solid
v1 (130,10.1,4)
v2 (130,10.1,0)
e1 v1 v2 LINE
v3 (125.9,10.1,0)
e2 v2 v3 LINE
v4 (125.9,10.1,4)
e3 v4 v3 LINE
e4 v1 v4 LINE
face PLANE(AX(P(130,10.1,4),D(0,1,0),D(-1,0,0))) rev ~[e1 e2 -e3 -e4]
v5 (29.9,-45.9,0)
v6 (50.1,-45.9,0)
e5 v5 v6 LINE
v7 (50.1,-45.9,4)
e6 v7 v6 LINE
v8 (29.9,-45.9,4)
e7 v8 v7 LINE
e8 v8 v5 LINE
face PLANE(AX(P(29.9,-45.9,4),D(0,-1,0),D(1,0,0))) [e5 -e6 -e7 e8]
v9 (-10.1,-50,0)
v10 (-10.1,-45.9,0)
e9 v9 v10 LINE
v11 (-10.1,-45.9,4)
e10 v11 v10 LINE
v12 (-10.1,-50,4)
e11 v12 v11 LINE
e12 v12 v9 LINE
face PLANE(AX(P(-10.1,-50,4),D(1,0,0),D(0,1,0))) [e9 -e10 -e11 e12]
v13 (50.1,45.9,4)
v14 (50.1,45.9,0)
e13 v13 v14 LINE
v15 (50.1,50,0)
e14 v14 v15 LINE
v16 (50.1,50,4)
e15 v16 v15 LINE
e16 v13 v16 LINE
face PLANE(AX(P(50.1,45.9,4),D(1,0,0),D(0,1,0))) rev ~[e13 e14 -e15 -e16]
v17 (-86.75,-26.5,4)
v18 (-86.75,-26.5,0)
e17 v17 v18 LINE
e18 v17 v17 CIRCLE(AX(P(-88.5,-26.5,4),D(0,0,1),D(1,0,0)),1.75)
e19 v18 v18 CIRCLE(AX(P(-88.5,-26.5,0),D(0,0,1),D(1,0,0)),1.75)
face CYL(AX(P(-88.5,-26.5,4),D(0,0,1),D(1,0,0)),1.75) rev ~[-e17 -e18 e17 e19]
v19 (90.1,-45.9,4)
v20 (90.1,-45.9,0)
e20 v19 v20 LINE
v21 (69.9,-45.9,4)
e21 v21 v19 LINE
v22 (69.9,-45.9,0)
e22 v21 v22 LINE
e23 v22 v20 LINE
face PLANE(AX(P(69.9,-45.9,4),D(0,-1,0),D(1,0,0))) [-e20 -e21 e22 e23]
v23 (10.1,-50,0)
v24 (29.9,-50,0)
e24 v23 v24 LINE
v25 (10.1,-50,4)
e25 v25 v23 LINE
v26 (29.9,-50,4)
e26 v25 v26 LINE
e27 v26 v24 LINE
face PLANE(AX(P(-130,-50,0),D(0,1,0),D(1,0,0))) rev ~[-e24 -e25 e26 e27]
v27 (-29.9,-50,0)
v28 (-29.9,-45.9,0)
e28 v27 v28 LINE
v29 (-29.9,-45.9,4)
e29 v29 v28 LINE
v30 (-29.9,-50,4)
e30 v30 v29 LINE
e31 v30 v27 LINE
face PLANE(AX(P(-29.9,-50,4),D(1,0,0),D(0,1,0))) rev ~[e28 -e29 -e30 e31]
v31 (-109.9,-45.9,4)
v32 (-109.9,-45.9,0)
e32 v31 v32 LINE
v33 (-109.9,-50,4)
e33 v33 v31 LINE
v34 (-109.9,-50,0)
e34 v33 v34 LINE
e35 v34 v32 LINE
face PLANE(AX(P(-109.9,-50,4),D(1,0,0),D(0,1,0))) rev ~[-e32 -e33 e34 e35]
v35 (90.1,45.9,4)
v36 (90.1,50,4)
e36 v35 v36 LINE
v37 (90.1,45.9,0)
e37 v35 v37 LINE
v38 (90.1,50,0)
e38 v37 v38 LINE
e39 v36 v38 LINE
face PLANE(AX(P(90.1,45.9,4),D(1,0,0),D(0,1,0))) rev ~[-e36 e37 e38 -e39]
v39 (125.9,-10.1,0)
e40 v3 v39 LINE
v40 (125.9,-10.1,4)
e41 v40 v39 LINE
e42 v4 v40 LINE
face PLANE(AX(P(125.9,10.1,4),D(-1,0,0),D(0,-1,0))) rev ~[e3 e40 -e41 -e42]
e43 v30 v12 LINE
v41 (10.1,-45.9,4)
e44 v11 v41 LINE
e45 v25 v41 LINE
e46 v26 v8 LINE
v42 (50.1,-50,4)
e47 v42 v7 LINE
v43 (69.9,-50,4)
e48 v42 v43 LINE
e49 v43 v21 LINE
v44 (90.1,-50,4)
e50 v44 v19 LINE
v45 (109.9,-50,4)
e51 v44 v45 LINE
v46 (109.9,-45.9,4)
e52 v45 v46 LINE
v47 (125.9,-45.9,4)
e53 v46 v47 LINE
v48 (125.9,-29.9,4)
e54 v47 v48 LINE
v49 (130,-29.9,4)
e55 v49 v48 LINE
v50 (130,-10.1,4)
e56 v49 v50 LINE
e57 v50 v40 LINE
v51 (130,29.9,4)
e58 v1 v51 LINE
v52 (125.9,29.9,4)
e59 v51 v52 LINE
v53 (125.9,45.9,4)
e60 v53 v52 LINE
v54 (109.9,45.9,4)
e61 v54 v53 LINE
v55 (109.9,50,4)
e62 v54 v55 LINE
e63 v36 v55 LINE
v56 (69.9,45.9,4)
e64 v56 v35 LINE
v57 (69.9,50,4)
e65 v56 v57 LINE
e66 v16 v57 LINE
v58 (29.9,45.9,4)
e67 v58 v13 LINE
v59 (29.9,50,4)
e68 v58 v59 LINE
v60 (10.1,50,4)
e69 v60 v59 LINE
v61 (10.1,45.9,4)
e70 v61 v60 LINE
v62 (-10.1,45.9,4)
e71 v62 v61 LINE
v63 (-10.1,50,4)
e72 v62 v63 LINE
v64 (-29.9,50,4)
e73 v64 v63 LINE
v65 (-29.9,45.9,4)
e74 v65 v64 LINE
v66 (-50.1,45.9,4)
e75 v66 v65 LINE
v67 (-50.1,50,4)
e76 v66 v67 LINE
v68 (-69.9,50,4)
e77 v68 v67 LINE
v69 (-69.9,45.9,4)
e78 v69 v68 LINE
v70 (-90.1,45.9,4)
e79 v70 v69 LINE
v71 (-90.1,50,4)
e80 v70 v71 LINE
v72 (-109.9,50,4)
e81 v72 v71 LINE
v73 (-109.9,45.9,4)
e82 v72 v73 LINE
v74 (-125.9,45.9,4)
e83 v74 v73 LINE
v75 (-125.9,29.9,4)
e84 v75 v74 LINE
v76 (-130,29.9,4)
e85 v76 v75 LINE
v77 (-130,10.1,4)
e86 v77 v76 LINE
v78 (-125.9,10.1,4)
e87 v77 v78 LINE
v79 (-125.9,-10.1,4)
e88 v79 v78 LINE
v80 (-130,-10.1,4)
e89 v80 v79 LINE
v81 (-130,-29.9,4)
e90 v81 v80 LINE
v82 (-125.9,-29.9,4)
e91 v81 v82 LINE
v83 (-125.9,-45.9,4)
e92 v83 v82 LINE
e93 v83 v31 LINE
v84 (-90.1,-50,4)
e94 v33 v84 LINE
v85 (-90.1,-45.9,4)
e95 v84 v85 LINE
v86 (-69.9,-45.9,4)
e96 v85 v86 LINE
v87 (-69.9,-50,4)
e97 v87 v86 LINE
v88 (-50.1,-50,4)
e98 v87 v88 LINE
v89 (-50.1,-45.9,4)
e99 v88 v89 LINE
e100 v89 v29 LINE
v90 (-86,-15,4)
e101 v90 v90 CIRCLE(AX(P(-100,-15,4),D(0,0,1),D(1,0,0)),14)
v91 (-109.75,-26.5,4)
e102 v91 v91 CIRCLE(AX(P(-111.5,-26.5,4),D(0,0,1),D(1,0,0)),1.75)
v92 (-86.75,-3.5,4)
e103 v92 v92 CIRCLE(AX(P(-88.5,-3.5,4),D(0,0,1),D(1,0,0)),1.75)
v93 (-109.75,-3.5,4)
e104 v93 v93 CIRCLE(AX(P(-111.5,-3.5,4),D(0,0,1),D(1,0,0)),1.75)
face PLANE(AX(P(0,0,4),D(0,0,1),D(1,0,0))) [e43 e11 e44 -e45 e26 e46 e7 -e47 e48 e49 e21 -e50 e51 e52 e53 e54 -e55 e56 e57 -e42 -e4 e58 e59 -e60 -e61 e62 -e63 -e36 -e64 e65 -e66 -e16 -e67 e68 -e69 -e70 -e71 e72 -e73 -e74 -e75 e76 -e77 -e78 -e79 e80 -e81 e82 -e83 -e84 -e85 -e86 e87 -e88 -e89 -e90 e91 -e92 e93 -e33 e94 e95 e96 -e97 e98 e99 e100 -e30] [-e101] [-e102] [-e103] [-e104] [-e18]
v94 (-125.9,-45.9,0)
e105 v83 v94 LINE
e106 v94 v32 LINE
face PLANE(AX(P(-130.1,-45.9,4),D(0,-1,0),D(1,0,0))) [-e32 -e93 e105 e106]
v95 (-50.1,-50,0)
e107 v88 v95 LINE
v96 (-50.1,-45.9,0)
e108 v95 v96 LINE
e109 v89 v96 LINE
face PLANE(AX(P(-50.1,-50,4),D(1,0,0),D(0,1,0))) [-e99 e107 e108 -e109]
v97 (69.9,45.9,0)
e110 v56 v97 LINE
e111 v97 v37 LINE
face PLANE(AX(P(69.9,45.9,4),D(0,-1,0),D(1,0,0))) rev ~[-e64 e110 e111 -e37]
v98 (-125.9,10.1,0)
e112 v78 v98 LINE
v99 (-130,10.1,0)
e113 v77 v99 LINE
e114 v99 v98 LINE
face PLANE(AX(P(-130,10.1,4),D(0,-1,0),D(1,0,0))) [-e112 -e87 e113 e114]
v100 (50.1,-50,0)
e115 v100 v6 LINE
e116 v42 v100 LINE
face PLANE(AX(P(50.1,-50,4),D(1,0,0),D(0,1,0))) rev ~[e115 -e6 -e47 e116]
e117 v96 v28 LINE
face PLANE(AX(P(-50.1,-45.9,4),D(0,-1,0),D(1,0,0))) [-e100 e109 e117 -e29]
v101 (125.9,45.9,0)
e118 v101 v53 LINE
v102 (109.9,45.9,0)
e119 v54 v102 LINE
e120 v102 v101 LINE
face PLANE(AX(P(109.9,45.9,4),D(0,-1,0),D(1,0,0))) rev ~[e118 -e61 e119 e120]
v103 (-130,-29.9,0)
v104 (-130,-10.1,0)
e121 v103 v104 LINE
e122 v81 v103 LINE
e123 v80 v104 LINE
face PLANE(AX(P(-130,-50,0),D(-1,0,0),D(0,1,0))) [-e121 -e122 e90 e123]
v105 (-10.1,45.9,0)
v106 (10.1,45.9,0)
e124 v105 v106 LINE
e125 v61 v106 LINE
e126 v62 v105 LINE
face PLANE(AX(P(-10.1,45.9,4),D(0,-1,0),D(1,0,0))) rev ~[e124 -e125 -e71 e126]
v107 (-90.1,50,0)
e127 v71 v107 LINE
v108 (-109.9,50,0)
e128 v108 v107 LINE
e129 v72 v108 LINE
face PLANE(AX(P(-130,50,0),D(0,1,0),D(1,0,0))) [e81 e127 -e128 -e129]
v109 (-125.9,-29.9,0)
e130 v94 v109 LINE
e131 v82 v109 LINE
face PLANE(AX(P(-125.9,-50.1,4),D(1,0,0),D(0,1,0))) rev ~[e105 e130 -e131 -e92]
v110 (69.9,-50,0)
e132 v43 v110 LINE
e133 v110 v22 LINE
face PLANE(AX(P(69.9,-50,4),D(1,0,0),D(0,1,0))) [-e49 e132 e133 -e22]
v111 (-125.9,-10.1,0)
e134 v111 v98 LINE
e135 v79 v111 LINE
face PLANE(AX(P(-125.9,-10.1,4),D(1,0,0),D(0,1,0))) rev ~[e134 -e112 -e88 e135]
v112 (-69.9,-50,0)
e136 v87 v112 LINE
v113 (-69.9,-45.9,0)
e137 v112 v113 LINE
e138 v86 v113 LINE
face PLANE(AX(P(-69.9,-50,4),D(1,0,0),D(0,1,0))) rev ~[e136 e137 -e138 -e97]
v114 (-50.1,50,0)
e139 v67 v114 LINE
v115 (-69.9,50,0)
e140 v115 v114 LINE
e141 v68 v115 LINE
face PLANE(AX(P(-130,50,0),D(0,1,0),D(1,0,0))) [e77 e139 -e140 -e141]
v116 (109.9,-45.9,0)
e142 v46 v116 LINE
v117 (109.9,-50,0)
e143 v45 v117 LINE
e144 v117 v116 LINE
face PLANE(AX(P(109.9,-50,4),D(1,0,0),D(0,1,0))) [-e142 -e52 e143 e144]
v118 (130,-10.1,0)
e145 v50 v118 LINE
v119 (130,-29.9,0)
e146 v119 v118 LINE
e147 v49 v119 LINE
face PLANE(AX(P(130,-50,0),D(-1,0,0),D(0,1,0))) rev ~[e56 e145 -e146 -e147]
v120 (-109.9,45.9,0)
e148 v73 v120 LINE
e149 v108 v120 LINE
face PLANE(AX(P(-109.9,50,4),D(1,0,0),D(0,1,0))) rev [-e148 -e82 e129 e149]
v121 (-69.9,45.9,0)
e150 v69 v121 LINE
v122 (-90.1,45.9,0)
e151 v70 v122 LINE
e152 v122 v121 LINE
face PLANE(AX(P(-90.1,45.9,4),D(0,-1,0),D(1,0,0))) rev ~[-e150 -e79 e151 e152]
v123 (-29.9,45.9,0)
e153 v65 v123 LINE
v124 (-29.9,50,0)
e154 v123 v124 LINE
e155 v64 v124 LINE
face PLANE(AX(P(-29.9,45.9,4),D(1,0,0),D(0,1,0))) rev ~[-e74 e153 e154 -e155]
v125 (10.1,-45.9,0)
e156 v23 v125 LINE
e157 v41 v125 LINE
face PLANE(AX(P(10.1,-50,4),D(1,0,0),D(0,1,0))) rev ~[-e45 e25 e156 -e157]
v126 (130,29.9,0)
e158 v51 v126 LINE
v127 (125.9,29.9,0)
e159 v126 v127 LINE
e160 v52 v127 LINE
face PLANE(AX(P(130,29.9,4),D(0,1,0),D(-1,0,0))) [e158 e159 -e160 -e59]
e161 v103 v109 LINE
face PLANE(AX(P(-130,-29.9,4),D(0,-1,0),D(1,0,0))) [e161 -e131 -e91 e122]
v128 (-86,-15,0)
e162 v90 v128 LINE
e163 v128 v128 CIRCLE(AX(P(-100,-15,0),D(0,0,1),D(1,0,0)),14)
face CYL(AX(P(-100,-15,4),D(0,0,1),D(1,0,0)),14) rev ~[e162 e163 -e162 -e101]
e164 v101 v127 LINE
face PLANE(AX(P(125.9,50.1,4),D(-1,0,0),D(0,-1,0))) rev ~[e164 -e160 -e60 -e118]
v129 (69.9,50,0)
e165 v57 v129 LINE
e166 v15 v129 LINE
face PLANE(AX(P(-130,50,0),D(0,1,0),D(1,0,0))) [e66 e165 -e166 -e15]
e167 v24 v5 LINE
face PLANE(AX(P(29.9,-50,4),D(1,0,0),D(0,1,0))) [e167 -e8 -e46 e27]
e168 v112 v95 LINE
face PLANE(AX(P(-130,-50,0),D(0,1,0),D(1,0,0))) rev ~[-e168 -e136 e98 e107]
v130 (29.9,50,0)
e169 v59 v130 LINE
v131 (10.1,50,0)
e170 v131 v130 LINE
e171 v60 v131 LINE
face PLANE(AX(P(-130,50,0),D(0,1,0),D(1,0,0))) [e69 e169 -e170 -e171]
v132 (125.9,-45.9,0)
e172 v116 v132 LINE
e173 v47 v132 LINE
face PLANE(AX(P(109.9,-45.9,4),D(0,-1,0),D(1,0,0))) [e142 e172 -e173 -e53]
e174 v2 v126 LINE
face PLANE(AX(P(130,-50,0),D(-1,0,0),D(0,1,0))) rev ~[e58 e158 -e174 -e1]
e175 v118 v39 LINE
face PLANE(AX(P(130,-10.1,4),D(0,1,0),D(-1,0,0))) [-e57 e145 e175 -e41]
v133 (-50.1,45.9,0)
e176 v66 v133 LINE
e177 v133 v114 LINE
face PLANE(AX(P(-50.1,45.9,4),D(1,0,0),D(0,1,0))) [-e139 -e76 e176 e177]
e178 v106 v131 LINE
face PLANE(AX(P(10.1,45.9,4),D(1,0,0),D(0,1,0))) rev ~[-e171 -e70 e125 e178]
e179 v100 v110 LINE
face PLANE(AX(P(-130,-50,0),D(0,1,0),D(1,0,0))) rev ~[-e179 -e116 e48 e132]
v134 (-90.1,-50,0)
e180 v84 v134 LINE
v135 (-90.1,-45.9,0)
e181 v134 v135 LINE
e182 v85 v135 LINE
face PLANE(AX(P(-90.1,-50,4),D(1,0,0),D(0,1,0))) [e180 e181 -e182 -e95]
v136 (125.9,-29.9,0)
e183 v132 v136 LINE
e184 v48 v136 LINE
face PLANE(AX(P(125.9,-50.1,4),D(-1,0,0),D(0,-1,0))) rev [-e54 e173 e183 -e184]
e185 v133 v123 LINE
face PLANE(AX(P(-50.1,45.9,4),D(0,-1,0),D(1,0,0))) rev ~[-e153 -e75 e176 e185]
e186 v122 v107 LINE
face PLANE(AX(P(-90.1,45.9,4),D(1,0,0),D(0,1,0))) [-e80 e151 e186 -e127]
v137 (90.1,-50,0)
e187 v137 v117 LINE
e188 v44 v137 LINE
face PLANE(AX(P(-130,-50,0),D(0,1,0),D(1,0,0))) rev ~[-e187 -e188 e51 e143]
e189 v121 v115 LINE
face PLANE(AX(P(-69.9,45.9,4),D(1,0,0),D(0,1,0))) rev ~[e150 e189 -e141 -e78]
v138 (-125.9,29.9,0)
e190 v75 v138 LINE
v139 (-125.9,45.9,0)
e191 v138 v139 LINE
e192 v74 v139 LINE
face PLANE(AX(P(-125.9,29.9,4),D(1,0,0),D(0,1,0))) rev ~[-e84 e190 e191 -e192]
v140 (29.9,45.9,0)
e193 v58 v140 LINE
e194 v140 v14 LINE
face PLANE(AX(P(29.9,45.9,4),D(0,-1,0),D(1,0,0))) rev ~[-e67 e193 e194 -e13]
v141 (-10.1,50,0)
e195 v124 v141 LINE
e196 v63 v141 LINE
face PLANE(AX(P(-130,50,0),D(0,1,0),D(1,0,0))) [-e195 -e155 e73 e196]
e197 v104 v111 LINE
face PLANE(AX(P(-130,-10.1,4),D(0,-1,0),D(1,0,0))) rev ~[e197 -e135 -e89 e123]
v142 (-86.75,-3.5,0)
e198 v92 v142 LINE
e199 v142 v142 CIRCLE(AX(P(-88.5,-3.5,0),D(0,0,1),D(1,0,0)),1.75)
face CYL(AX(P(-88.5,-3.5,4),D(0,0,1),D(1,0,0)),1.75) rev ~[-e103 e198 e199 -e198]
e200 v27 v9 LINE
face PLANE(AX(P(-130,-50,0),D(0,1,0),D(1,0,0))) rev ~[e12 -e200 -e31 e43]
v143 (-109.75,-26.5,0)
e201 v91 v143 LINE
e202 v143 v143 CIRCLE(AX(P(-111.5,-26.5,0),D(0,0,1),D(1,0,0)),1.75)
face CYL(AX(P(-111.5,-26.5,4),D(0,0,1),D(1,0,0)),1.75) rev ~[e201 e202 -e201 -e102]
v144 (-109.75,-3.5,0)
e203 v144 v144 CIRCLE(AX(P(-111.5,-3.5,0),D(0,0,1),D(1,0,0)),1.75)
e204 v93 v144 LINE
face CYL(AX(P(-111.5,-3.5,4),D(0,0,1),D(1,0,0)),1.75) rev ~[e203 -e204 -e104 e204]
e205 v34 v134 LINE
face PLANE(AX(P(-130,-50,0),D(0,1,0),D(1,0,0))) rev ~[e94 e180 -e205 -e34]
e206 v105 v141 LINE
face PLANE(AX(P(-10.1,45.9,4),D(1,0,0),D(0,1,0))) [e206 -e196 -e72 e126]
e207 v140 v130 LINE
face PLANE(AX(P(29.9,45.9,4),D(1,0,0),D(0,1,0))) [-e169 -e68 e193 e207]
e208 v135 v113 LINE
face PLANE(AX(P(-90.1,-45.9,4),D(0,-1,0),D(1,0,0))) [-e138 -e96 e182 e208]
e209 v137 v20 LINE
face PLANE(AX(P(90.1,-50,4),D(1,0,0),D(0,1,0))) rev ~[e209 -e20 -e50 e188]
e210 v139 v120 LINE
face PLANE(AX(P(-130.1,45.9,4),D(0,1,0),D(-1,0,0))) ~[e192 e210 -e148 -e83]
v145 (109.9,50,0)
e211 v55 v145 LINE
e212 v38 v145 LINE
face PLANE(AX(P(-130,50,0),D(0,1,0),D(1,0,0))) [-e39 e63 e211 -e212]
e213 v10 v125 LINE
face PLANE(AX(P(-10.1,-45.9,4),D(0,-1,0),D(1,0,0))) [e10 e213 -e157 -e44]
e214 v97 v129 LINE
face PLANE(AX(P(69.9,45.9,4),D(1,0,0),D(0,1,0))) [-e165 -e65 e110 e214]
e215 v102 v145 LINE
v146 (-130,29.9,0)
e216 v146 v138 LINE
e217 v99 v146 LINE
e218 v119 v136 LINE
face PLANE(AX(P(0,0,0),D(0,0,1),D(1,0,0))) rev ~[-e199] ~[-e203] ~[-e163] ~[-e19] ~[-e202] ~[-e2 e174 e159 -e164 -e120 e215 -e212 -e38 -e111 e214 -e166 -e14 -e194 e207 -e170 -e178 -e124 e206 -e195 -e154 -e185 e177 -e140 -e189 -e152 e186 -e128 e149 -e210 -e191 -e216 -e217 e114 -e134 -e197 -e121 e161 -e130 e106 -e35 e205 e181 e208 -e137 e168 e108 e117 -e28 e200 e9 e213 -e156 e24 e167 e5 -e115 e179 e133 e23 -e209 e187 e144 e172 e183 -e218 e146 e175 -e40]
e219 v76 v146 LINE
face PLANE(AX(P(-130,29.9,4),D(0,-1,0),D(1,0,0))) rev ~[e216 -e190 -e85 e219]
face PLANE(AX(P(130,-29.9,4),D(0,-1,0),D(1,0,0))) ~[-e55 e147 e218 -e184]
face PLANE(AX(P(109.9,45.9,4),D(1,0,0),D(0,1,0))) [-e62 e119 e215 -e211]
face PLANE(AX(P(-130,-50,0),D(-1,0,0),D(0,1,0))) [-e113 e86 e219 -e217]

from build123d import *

# Parameters (mm, degrees)
SKETCH2_W               = 260
SKETCH2_H               = 100
BOSS_EXTRUDE1_DEPTH     = 4
SKETCH3_W               = 4.1
SKETCH3_H               = 20.2
CUT_EXTRUDE1_DEPTH      = 4
LPATTERN1_COUNT         = 3
LPATTERN1_PITCH         = 40
MIRROR1_COPY_1_SKETCH_W = 4.1
MIRROR1_COPY_1_SKETCH_H = 20.2
MIRROR1_COPY_1_DEPTH    = 4
MIRROR1_COPY_2_SKETCH_W = 4.1
MIRROR1_COPY_2_SKETCH_H = 20.2
MIRROR1_COPY_2_DEPTH    = 4
SKETCH4_W               = 20.2
SKETCH4_H               = 4.1
CUT_EXTRUDE2_DEPTH      = 4
LPATTERN2_COUNT         = 7
LPATTERN2_PITCH         = 40
MIRROR2_COPY_1_SKETCH_W = 20.2
MIRROR2_COPY_1_SKETCH_H = 4.1
MIRROR2_COPY_1_DEPTH    = 4
MIRROR2_COPY_2_SKETCH_W = 20.2
MIRROR2_COPY_2_SKETCH_H = 4.1
MIRROR2_COPY_2_DEPTH    = 4
MIRROR2_COPY_3_SKETCH_W = 20.2
MIRROR2_COPY_3_SKETCH_H = 4.1
MIRROR2_COPY_3_DEPTH    = 4
MIRROR2_COPY_4_SKETCH_W = 20.2
MIRROR2_COPY_4_SKETCH_H = 4.1
MIRROR2_COPY_4_DEPTH    = 4
MIRROR2_COPY_5_SKETCH_W = 20.2
MIRROR2_COPY_5_SKETCH_H = 4.1
MIRROR2_COPY_5_DEPTH    = 4
MIRROR2_COPY_6_SKETCH_W = 20.2
MIRROR2_COPY_6_SKETCH_H = 4.1
MIRROR2_COPY_6_DEPTH    = 4
SKETCH5_R               = 14
SKETCH5_R_2             = 1.75
CUT_EXTRUDE3_DEPTH      = 5


with BuildPart() as part:
    # Sketch2 → Boss-Extrude1 (new body)
    with BuildSketch(Plane.XY):
        Rectangle(SKETCH2_W, SKETCH2_H)
    extrude(amount=BOSS_EXTRUDE1_DEPTH)

    # Sketch3 → Cut-Extrude1 (cut)
    with BuildSketch(Plane.XY.offset(4)):
        with Locations((-127.95, -40)):
            Rectangle(SKETCH3_W, SKETCH3_H)
    cut_extrude1 = extrude(amount=-CUT_EXTRUDE1_DEPTH, mode=Mode.SUBTRACT)

    # LPattern1: Cut-Extrude1 ×3
    with Locations(*[(0, i * LPATTERN1_PITCH, 0) for i in range(1, LPATTERN1_COUNT)]):
        add(cut_extrude1, mode=Mode.SUBTRACT)

    # Mirror1: Cut-Extrude1 across plane
    add(cut_extrude1.mirror(Plane(origin=(0, 0, 0), x_dir=(0, 0, 1), z_dir=(1, 0, 0))), mode=Mode.SUBTRACT)

    # Mirror1 copy 1 sketch → Mirror1 copy 1 (cut)
    with BuildSketch(Plane(origin=(0, 40, 4), x_dir=(-1, 0, 0), z_dir=(0, 0, 1))):
        with Locations((-127.95, 40)):
            Rectangle(MIRROR1_COPY_1_SKETCH_W, MIRROR1_COPY_1_SKETCH_H)
    extrude(amount=-MIRROR1_COPY_1_DEPTH, mode=Mode.SUBTRACT)

    # Mirror1 copy 2 sketch → Mirror1 copy 2 (cut)
    with BuildSketch(Plane(origin=(0, 80, 4), x_dir=(-1, 0, 0), z_dir=(0, 0, 1))):
        with Locations((-127.95, 40)):
            Rectangle(MIRROR1_COPY_2_SKETCH_W, MIRROR1_COPY_2_SKETCH_H)
    extrude(amount=-MIRROR1_COPY_2_DEPTH, mode=Mode.SUBTRACT)

    # Sketch4 → Cut-Extrude2 (cut)
    with BuildSketch(Plane.XY.offset(4)):
        with Locations((-120, -47.95)):
            Rectangle(SKETCH4_W, SKETCH4_H)
    cut_extrude2 = extrude(amount=-CUT_EXTRUDE2_DEPTH, mode=Mode.SUBTRACT)

    # LPattern2: Cut-Extrude2 ×7
    with Locations(*[(i * LPATTERN2_PITCH, 0, 0) for i in range(1, LPATTERN2_COUNT)]):
        add(cut_extrude2, mode=Mode.SUBTRACT)

    # Mirror2: Cut-Extrude2 across plane
    add(cut_extrude2.mirror(Plane.ZX), mode=Mode.SUBTRACT)

    # Mirror2 copy 1 sketch → Mirror2 copy 1 (cut)
    with BuildSketch(Plane(origin=(40, 0, 4), x_dir=(1, 0, 0), z_dir=(0, 0, 1))):
        with Locations((-120, 47.95)):
            Rectangle(MIRROR2_COPY_1_SKETCH_W, MIRROR2_COPY_1_SKETCH_H)
    extrude(amount=-MIRROR2_COPY_1_DEPTH, mode=Mode.SUBTRACT)

    # Mirror2 copy 2 sketch → Mirror2 copy 2 (cut)
    with BuildSketch(Plane(origin=(80, 0, 4), x_dir=(1, 0, 0), z_dir=(0, 0, 1))):
        with Locations((-120, 47.95)):
            Rectangle(MIRROR2_COPY_2_SKETCH_W, MIRROR2_COPY_2_SKETCH_H)
    extrude(amount=-MIRROR2_COPY_2_DEPTH, mode=Mode.SUBTRACT)

    # Mirror2 copy 3 sketch → Mirror2 copy 3 (cut)
    with BuildSketch(Plane(origin=(120, 0, 4), x_dir=(1, 0, 0), z_dir=(0, 0, 1))):
        with Locations((-120, 47.95)):
            Rectangle(MIRROR2_COPY_3_SKETCH_W, MIRROR2_COPY_3_SKETCH_H)
    extrude(amount=-MIRROR2_COPY_3_DEPTH, mode=Mode.SUBTRACT)

    # Mirror2 copy 4 sketch → Mirror2 copy 4 (cut)
    with BuildSketch(Plane(origin=(160, 0, 4), x_dir=(1, 0, 0), z_dir=(0, 0, 1))):
        with Locations((-120, 47.95)):
            Rectangle(MIRROR2_COPY_4_SKETCH_W, MIRROR2_COPY_4_SKETCH_H)
    extrude(amount=-MIRROR2_COPY_4_DEPTH, mode=Mode.SUBTRACT)

    # Mirror2 copy 5 sketch → Mirror2 copy 5 (cut)
    with BuildSketch(Plane(origin=(200, 0, 4), x_dir=(1, 0, 0), z_dir=(0, 0, 1))):
        with Locations((-120, 47.95)):
            Rectangle(MIRROR2_COPY_5_SKETCH_W, MIRROR2_COPY_5_SKETCH_H)
    extrude(amount=-MIRROR2_COPY_5_DEPTH, mode=Mode.SUBTRACT)

    # Mirror2 copy 6 sketch → Mirror2 copy 6 (cut)
    with BuildSketch(Plane(origin=(240, 0, 4), x_dir=(1, 0, 0), z_dir=(0, 0, 1))):
        with Locations((-120, 47.95)):
            Rectangle(MIRROR2_COPY_6_SKETCH_W, MIRROR2_COPY_6_SKETCH_H)
    extrude(amount=-MIRROR2_COPY_6_DEPTH, mode=Mode.SUBTRACT)

    # Sketch5 → Cut-Extrude3 (cut, through all)
    with BuildSketch(Plane.XY.offset(4)):
        with Locations((-100, -15)):
            Circle(SKETCH5_R)
        with Locations((-111.5, -3.5)):
            Circle(SKETCH5_R_2)
        with Locations((-88.5, -3.5)):
            Circle(SKETCH5_R_2)
        with Locations((-111.5, -26.5)):
            Circle(SKETCH5_R_2)
        with Locations((-88.5, -26.5)):
            Circle(SKETCH5_R_2)
    extrude(amount=-CUT_EXTRUDE3_DEPTH, mode=Mode.SUBTRACT)


solid = part.part
